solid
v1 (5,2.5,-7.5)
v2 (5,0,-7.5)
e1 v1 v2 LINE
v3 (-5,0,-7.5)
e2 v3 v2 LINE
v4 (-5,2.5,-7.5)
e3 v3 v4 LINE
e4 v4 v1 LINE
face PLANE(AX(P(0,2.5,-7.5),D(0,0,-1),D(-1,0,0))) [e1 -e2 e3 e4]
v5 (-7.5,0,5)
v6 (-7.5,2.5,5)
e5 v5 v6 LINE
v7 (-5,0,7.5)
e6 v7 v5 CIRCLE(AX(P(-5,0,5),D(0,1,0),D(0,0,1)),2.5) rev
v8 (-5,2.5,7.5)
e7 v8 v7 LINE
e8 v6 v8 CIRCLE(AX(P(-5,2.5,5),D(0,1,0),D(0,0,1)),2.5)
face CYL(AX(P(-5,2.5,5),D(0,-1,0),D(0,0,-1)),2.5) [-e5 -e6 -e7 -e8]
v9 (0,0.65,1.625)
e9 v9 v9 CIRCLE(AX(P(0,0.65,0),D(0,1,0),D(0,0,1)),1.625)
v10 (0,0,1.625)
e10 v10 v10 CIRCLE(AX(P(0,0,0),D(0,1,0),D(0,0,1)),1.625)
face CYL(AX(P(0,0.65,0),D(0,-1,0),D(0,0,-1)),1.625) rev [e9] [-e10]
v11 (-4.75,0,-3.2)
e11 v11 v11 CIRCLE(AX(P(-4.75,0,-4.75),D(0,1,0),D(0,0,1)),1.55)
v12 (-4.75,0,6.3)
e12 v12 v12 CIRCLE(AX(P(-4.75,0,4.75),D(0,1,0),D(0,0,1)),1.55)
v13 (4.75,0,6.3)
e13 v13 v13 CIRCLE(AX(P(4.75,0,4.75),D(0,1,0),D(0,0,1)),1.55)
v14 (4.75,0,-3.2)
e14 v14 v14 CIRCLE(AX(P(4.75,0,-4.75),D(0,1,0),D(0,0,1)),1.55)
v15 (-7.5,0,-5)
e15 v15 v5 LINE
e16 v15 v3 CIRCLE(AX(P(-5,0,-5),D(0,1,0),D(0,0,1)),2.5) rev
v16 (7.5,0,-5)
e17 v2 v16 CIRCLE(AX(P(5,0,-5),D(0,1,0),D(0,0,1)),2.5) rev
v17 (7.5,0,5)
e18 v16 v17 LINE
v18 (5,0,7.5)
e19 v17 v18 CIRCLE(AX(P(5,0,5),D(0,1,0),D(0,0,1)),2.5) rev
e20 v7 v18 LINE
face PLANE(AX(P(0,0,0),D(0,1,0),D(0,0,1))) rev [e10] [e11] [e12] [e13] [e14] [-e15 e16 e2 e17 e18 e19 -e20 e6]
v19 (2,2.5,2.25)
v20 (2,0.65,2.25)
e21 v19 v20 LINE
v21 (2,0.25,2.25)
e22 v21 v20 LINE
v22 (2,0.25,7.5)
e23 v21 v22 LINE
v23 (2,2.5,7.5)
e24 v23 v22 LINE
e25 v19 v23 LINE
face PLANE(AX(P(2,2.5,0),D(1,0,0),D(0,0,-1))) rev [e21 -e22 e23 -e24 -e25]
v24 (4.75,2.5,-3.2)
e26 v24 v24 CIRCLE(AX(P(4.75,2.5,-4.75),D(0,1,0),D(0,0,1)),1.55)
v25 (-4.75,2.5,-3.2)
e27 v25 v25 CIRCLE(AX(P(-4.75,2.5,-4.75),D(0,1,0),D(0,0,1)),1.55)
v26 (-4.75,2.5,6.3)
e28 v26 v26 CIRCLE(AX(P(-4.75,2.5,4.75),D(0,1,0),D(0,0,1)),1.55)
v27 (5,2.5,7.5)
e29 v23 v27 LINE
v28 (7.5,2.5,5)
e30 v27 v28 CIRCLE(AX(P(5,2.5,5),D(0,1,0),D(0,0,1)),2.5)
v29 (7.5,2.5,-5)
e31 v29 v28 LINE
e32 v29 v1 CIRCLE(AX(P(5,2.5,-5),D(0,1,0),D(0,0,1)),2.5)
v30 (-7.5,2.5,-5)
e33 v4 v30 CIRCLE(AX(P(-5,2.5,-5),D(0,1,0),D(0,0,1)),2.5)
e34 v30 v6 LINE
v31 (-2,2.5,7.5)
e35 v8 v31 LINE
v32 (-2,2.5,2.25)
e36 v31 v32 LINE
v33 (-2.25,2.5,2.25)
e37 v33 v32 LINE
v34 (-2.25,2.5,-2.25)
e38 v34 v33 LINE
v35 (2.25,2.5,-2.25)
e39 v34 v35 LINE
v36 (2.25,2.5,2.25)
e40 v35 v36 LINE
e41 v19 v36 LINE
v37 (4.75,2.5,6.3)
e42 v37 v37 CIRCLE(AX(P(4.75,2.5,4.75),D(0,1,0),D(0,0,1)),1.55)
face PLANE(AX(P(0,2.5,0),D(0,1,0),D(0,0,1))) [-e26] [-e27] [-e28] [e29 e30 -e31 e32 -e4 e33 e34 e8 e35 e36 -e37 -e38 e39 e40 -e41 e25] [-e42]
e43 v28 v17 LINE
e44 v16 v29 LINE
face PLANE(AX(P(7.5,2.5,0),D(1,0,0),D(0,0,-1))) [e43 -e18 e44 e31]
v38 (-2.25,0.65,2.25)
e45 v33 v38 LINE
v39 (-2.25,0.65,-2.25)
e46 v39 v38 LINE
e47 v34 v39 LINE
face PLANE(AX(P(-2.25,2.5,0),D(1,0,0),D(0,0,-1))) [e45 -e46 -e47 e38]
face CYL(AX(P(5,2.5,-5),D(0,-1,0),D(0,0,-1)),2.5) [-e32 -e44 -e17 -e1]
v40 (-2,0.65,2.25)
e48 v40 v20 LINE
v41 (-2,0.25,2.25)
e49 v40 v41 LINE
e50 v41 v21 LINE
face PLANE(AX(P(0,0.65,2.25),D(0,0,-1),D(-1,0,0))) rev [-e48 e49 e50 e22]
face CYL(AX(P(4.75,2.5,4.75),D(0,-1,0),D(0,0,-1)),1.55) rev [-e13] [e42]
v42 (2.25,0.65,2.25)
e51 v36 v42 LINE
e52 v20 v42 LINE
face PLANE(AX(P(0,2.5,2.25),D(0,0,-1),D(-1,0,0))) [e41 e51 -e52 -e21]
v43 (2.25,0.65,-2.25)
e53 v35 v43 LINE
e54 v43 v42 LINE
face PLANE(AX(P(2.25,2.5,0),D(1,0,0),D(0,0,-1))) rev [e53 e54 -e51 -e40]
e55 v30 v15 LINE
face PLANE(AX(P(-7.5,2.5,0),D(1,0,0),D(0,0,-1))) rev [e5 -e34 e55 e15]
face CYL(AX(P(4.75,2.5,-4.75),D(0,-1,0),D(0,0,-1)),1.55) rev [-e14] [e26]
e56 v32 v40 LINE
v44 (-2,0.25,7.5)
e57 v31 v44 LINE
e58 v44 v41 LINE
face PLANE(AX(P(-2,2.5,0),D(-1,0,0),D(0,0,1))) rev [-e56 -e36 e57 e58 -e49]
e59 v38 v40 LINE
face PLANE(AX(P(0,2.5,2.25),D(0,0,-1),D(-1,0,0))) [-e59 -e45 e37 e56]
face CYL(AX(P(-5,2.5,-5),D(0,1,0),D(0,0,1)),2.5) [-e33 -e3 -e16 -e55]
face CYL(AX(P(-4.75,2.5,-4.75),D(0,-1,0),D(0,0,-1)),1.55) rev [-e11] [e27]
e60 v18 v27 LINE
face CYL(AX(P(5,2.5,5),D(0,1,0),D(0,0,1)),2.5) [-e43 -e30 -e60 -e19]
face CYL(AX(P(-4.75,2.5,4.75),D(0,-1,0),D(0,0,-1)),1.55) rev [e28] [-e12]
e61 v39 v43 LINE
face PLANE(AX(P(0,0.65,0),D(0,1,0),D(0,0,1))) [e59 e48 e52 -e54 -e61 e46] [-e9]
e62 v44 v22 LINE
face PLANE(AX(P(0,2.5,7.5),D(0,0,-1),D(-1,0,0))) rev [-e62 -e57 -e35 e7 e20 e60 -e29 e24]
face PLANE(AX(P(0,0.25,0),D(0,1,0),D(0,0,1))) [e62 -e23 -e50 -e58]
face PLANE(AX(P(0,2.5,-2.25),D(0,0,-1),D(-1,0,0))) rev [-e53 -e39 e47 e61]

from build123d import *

# Parameters (mm, degrees)
BASE_R              = 1.55
BOSS_EXTRUDE1_DEPTH = 2.5
SKETCH1_3_R         = 1.625
BOSS_EXTRUDE2_DEPTH = 0.65
SKETCH1_4_W         = 4
SKETCH1_4_H         = 5.25
BOSS_EXTRUDE3_DEPTH = 0.25
FILLET1_R           = 2.5


with BuildPart() as part:
    # Base → Boss-Extrude1 (new body)
    with BuildSketch(Plane(origin=(0, 0, 0), x_dir=(1, 0, 0), z_dir=(0, 1, 0))):
        Polygon((-7.5, -7.5), (-2, -7.5), (-2, -2.25), (-2.25, -2.25), (-2.25, 2.25), (2.25, 2.25), (2.25, -2.25), (2, -2.25), (2, -7.5), (7.5, -7.5), (7.5, 7.5), (-7.5, 7.5), align=None)
        with Locations((-4.75, -4.75)):
            Circle(BASE_R, mode=Mode.SUBTRACT)
        with Locations((4.75, -4.75)):
            Circle(BASE_R, mode=Mode.SUBTRACT)
        with Locations((-4.75, 4.75)):
            Circle(BASE_R, mode=Mode.SUBTRACT)
        with Locations((4.75, 4.75)):
            Circle(BASE_R, mode=Mode.SUBTRACT)
    extrude(amount=BOSS_EXTRUDE1_DEPTH)

    # Sketch1<3> → Boss-Extrude2 (add)
    with BuildSketch(Plane(origin=(0, 0, 0), x_dir=(1, 0, 0), z_dir=(0, 1, 0))):
        Polygon((-2.25, -2.25), (-2, -2.25), (2, -2.25), (2.25, -2.25), (2.25, 2.25), (-2.25, 2.25), align=None)
        Circle(SKETCH1_3_R, mode=Mode.SUBTRACT)
    extrude(amount=BOSS_EXTRUDE2_DEPTH)

    # Sketch1<4> → Boss-Extrude3 (add)
    with BuildSketch(Plane(origin=(0, 0, 0), x_dir=(1, 0, 0), z_dir=(0, 1, 0))):
        with Locations((0, -4.875)):
            Rectangle(SKETCH1_4_W, SKETCH1_4_H)
    extrude(amount=BOSS_EXTRUDE3_DEPTH)

    # Fillet1
    fillet1_edges = [part.edges().sort_by_distance(p)[0] for p in [
        (-7.5, 1.25, 7.5),
        (-7.5, 1.25, -7.5),
        (7.5, 1.25, -7.5),
        (7.5, 1.25, 7.5),
    ]]
    fillet(fillet1_edges, radius=FILLET1_R)


solid = part.part
